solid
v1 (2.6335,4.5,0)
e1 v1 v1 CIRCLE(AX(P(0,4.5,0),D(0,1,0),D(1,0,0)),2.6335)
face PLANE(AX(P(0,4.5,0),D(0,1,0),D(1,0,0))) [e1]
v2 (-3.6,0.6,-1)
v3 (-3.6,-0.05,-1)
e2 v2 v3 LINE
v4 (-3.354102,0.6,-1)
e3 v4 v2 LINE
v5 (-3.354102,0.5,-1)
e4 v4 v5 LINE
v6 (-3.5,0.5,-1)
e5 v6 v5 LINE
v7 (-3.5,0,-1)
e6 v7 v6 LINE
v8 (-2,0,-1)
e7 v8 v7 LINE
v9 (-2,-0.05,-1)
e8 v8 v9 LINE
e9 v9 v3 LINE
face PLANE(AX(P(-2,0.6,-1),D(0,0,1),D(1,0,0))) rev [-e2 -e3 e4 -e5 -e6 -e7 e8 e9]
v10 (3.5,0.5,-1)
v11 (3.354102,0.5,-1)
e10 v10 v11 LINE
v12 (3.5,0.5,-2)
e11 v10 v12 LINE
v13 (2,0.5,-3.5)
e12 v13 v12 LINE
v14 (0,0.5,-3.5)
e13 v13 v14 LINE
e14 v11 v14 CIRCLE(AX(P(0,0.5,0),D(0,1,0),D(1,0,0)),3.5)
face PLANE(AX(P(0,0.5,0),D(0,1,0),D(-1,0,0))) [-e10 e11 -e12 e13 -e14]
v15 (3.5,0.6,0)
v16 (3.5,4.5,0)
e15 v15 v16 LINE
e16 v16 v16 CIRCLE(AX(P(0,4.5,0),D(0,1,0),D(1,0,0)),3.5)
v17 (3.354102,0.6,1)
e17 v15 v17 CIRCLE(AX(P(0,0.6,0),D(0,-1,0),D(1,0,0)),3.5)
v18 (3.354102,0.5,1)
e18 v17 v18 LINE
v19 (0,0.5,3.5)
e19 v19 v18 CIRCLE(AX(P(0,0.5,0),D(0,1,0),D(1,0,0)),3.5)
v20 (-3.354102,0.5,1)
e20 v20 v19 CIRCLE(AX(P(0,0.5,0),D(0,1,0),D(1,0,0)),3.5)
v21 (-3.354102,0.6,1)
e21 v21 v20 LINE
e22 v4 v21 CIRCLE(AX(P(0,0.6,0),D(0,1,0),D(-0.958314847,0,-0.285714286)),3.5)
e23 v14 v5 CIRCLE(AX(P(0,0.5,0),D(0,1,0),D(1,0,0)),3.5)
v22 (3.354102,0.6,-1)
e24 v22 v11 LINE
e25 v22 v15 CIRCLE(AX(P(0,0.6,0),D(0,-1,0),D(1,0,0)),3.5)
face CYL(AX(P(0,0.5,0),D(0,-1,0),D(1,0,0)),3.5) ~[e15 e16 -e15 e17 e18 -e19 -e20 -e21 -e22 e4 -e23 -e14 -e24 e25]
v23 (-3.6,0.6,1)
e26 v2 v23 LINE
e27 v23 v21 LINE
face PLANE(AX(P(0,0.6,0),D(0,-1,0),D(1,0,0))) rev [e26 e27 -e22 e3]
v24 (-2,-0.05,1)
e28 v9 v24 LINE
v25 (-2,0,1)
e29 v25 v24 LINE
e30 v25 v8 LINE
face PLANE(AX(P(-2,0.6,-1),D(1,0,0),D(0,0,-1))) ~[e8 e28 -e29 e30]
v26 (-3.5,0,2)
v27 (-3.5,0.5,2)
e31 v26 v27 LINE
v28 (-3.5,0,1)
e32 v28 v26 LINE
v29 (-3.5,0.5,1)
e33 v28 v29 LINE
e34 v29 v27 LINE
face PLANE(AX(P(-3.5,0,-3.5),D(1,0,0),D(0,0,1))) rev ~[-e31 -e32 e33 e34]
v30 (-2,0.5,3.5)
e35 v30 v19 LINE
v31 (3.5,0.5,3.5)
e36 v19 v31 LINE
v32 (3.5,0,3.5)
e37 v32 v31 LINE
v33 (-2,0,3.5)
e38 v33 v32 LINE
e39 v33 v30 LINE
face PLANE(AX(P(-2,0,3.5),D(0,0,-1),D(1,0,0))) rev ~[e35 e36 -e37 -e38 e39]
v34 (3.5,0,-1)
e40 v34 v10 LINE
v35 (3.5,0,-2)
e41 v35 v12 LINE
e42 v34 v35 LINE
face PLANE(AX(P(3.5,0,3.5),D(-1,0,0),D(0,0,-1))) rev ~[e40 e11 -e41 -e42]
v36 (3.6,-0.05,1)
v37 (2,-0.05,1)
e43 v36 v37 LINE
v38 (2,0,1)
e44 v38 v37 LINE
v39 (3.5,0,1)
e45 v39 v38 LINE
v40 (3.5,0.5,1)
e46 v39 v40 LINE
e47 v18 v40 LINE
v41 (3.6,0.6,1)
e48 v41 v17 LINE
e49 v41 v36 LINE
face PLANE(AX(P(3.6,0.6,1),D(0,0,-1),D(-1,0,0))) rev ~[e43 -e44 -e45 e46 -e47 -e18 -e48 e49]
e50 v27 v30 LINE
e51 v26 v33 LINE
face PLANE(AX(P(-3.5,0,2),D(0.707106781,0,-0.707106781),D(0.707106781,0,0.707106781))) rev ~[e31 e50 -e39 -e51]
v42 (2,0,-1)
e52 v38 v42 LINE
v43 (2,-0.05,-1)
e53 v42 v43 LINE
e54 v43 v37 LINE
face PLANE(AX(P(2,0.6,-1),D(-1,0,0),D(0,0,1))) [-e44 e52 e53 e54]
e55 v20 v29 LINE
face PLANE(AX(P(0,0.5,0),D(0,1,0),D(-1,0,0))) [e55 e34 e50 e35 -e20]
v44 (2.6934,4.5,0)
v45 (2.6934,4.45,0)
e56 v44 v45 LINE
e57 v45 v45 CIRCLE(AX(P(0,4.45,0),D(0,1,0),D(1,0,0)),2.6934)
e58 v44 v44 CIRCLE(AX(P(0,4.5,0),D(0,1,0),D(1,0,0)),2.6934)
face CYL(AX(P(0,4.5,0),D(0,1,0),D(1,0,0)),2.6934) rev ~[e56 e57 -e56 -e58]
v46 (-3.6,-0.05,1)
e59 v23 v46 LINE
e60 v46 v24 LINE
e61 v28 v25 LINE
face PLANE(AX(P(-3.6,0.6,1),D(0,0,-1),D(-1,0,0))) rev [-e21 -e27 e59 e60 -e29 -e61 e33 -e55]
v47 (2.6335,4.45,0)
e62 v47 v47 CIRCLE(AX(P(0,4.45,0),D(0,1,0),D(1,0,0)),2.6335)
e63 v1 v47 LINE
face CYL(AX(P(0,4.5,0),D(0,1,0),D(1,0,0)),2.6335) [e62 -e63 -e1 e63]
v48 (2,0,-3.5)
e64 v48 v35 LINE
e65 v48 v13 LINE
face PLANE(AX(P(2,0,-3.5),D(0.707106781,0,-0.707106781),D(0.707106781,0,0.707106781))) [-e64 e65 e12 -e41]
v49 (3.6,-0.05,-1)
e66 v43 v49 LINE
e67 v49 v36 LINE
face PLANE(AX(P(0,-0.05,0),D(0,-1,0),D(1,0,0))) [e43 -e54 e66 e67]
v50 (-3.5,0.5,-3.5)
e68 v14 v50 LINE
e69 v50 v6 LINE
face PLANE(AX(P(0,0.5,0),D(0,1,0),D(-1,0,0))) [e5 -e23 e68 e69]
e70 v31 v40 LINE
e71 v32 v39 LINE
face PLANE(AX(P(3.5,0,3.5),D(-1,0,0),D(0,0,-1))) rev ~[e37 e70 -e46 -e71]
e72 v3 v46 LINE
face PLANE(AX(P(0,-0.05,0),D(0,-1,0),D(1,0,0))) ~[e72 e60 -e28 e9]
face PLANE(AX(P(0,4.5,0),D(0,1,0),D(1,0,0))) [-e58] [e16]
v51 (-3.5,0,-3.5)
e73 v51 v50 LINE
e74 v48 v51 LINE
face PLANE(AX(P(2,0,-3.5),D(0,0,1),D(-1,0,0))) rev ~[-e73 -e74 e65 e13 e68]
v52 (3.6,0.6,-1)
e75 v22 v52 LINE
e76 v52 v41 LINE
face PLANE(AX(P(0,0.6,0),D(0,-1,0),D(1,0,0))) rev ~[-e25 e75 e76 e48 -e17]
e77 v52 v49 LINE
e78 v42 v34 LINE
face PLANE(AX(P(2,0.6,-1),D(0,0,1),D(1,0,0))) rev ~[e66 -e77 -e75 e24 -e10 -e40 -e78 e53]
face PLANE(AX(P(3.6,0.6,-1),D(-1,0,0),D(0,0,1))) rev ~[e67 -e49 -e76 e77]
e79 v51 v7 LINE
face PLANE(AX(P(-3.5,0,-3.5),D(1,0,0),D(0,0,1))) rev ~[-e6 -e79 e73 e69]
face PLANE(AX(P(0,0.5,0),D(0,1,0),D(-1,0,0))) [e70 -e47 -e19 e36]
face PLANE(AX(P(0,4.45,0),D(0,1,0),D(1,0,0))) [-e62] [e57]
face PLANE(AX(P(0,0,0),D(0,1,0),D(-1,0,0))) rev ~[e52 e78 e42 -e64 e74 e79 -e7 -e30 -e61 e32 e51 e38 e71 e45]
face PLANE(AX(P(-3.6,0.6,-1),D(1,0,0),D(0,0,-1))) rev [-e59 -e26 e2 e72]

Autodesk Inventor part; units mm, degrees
ref_plane "YZ Plane" through (0, 0, 0) normal (1, 0, 0) x (0, 1, 0)
ref_plane "XZ Plane" through (0, 0, 0) normal (0, 1, 0) x (-1, 0, 0)
ref_plane "XY Plane" through (0, 0, 0) normal (0, 0, 1) x (1, 0, 0)
sketch "Sketch1" plane through (0, 0, 0) normal (0, 1, 0) x (-1, 0, 0)
  line L0 (3.5, 3.5) -> (-3.5, 3.5)
  line L1 (-3.5, 3.5) -> (-3.5, -3.5)
  line L2 (-3.5, -3.5) -> (3.5, -3.5)
  line L3 (3.5, -3.5) -> (3.5, 3.5)
  line L4 (3.5, 2) -> (2, 3.5)
  line L5 (-2, -3.5) -> (-3.5, -2)
  point P0 (0, 0)
  dimension "d0" = 7
  dimension "d1" = 7
  dimension "d2" = 3.5
  dimension "d3" = 3.5
  dimension "d4" = 45
  dimension "d5" = 45
  dimension "d6" = 5.5
  dimension "d7" = 5.5
extrude "Extrusion1" add sketch "Sketch1" along normal blind 0.5 contours L4 L3 L2 L5 L1 L0
sketch "Sketch2" plane through (0, 0.5, 0) normal (0, 1, 0) x (1, 0, 0)
  circle A0 centre (0, 0) radius 3.5
  dimension "d10" = 7
extrude "Extrusion2" add sketch "Sketch2" along normal blind 4
sketch "Sketch3" plane through (0, 4.5, 0) normal (0, 1, 0) x (1, 0, 0)
  circle A0 centre (0, 0) radius 2.6934
  circle A1 centre (0, 0) radius 2.6335
extrude "Extrusion3" cut sketch "Sketch3" against normal blind 0.05
sketch "Sketch4" plane through (0, 0, 0) normal (0, -1, 0) x (1, 0, 0)
  line L0 (3.5, 3.5) -> (3.5, 0) projected
  line L1 (3.5, 1) -> (2, 1)
  line L2 (2, 1) -> (2, -1)
  line L3 (2, -1) -> (3.5, -1)
  line L4 (3.5, -1) -> (3.5, 1)
  line L5 (-2, 3.5) -> (3.5, 3.5) projected
  point P0 (0, 0)
  dimension "d15" = 1.5
  dimension "d16" = 2
  dimension "d17" = 2.5
extrude "Extrusion4" cut sketch "Sketch4" against normal blind 0.6
sketch "Sketch5" plane through (0, 0.6, 0) normal (0, -1, 0) x (1, 0, 0)
  line L0 (2, -1) -> (2, 1) projected
  line L1 (3.6, 1) -> (2, 1)
  line L2 (2, 1) -> (2, -1)
  line L3 (2, -1) -> (3.6, -1)
  line L4 (3.6, -1) -> (3.6, 1)
  point P0 (0, 0)
  dimension "d20" = 2
  dimension "d21" = 1.6
extrude "Extrusion5" add sketch "Sketch5" along normal blind 0.65
mirror "Mirror1" about plane through (0, 0, 0) normal (1, 0, 0) of "Extrusion4"
mirror "Mirror2" about plane through (0, 0, 0) normal (1, 0, 0) of "Extrusion5"
properties part number "SRR7045-151M"
